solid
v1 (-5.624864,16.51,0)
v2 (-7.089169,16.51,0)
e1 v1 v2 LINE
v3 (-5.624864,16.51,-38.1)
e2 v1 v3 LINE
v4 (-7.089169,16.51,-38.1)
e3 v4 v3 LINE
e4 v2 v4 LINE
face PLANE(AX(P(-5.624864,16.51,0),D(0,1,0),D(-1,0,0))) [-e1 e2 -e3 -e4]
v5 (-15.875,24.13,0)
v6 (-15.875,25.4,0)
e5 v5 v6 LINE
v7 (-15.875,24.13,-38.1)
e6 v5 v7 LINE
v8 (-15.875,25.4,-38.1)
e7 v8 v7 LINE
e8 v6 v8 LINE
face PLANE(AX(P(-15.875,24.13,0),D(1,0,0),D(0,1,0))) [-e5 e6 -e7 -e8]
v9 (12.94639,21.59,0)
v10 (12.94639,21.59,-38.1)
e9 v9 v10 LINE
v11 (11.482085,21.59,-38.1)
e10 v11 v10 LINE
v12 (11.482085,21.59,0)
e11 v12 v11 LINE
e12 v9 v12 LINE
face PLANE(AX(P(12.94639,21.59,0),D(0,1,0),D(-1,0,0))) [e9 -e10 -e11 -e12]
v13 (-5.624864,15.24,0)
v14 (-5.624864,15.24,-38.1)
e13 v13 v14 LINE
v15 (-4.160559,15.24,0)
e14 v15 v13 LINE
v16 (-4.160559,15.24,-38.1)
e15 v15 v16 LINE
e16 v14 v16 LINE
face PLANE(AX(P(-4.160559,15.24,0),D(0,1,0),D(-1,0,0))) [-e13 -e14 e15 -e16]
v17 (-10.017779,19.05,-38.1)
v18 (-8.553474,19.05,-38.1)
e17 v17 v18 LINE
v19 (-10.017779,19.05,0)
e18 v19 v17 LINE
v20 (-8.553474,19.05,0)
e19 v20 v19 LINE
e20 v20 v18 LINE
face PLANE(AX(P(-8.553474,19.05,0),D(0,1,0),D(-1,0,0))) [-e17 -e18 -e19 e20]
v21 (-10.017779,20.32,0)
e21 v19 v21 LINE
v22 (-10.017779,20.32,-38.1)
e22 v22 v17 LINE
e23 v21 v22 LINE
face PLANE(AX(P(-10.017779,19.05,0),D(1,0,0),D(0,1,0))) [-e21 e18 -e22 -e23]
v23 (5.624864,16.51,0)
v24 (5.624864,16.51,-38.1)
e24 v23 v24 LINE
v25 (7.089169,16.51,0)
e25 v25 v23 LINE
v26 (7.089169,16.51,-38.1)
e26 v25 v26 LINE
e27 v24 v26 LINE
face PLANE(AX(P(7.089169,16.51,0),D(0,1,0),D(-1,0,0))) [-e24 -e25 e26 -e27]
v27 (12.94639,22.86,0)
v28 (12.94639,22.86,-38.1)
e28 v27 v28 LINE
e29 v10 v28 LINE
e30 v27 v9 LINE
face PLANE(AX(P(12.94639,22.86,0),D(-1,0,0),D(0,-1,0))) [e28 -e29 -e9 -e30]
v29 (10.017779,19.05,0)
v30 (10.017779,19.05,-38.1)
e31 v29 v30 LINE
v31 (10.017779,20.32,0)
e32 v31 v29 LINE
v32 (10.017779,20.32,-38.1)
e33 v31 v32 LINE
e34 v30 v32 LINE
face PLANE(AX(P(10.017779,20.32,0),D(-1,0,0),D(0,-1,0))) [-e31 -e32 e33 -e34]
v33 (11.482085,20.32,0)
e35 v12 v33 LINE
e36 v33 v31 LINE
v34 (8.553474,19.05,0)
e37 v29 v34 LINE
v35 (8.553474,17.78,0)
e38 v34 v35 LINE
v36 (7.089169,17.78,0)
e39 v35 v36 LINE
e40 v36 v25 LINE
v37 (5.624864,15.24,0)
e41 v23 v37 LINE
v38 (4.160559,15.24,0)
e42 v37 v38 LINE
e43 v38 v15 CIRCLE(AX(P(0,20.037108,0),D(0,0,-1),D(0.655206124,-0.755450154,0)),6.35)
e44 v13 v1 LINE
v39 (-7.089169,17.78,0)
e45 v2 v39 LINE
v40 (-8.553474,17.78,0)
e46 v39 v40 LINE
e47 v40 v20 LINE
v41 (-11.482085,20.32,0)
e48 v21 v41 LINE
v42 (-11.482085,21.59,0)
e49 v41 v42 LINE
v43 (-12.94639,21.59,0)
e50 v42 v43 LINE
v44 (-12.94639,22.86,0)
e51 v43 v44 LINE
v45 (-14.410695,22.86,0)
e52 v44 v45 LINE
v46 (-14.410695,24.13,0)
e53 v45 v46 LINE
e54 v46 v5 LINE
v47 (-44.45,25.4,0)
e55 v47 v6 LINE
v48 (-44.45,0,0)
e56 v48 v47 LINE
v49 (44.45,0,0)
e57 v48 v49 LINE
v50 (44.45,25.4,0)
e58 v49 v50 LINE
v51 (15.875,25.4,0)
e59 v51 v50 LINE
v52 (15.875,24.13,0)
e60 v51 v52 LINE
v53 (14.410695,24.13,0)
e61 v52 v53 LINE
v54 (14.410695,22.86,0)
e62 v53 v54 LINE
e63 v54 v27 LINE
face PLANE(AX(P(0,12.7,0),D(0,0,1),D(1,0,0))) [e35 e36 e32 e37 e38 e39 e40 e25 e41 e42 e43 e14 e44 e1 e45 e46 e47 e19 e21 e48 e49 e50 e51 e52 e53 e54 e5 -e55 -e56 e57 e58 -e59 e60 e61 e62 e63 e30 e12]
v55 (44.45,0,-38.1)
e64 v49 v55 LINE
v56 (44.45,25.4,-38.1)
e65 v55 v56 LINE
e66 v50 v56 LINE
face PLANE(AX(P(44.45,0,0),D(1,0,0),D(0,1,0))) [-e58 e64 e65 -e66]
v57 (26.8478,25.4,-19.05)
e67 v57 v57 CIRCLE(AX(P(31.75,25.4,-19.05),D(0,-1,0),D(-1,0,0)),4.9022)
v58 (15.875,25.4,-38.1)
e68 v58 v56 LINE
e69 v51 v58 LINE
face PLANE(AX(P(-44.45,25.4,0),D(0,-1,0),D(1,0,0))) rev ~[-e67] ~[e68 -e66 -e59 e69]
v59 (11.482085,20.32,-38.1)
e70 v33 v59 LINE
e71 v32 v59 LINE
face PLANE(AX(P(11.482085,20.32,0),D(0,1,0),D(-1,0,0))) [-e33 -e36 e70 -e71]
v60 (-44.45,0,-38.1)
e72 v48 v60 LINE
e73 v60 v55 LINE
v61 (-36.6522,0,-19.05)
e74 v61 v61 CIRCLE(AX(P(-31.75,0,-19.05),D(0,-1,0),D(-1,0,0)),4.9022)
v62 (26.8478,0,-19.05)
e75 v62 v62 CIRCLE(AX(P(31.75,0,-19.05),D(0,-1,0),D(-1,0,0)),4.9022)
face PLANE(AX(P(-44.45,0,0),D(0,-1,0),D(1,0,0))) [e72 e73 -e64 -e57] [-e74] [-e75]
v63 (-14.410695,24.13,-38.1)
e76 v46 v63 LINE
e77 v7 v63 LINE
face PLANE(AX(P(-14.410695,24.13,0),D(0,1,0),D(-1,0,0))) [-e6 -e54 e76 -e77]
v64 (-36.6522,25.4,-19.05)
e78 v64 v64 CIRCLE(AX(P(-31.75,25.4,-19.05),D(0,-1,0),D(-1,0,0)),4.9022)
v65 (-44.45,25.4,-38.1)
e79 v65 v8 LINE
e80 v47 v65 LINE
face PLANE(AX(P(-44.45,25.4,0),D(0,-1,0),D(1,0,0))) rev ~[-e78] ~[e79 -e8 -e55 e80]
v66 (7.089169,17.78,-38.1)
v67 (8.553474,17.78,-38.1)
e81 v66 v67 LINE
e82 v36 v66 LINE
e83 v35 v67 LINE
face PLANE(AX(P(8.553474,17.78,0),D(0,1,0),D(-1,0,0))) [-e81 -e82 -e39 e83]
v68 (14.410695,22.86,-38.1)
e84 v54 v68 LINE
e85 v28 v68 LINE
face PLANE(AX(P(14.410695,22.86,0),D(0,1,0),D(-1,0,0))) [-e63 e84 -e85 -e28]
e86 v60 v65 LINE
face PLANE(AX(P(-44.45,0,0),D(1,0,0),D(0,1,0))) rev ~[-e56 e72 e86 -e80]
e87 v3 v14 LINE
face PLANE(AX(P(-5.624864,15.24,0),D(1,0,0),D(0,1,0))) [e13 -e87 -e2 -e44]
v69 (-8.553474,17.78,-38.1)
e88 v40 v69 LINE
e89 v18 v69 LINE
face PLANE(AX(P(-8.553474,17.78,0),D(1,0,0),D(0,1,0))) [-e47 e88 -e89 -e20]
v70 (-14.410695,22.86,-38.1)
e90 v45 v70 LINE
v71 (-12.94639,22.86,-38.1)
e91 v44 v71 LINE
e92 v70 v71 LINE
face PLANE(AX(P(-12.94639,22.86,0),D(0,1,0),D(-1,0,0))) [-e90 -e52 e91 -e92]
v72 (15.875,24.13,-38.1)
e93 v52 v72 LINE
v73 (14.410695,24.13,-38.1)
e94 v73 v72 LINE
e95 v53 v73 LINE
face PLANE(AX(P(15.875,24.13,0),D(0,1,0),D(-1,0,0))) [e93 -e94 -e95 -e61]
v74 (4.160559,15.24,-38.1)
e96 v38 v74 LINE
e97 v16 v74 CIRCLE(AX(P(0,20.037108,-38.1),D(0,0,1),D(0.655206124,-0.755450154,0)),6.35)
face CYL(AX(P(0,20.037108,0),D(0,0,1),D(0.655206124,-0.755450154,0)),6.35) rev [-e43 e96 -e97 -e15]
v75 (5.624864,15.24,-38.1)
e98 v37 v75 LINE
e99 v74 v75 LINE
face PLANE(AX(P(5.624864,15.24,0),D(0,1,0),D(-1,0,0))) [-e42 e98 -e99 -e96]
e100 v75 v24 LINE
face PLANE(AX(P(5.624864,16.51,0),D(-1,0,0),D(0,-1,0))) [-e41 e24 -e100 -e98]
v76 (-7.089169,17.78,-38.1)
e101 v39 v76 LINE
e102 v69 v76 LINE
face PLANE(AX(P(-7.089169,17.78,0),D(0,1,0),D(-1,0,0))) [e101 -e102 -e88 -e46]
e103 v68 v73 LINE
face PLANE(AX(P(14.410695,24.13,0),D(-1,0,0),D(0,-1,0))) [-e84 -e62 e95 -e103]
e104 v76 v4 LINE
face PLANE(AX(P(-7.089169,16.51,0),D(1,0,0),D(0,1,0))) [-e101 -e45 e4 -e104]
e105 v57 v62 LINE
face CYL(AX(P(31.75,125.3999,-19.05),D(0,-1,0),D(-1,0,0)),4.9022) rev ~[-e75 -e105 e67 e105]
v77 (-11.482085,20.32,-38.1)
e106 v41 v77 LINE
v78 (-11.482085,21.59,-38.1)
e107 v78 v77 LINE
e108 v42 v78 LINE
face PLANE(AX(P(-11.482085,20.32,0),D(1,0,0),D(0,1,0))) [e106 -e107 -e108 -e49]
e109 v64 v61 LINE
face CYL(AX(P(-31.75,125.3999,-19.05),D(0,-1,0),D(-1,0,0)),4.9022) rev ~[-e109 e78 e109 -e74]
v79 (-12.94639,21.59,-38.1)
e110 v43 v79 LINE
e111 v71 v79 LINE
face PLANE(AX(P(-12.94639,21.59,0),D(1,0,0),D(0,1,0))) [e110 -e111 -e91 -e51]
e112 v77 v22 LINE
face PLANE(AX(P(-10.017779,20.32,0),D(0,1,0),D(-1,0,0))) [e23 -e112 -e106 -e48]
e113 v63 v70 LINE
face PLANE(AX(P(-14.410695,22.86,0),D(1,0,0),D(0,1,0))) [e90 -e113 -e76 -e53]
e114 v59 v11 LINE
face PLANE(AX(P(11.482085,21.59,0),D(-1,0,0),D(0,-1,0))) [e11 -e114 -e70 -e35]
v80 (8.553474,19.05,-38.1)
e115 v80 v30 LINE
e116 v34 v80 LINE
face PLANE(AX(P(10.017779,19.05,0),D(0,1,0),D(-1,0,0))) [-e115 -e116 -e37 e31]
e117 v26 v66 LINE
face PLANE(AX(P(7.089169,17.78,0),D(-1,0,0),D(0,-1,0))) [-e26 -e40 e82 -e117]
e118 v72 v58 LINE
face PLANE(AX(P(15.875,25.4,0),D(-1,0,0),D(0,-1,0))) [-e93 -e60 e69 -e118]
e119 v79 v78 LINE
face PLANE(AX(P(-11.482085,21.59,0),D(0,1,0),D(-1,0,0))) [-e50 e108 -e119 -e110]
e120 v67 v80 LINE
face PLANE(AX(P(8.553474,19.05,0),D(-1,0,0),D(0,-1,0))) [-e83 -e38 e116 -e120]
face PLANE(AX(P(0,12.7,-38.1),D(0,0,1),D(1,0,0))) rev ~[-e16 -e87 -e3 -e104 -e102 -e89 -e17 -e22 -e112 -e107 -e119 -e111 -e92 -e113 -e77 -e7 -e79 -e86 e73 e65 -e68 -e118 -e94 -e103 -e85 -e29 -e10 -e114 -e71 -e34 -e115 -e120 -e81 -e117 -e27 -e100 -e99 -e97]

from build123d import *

# Parameters (mm, degrees)
SKETCH1_W               = 88.9
SKETCH1_H               = 25.4
BOSS_EXTRUDE1_DEPTH     = 38.1
CUT_EXTRUDE1_REACH      = 40.1
F_3_8_CLEARANCE_HOLE1_D = 9.8044


with BuildPart() as part:
    # Sketch1 → Boss-Extrude1 (new body)
    with BuildSketch(Plane.XY):
        with Locations((0, 12.7)):
            Rectangle(SKETCH1_W, SKETCH1_H)
    extrude(amount=-BOSS_EXTRUDE1_DEPTH)

    # Sketch2 → Cut-Extrude1 (cut, up to next)
    with BuildSketch(Plane.XY, mode=Mode.PRIVATE) as cut_extrude1_sk1:
        with BuildLine():
            Line((-15.875, 25.4), (0, 25.4))
            Line((0, 25.4), (15.875, 25.4))
            Line((15.875, 25.4), (15.875, 24.13))
            Line((15.875, 24.13), (14.410694861, 24.13))
            Line((14.410694861, 24.13), (14.410694861, 22.86))
            Line((14.410694861, 22.86), (12.946389723, 22.86))
            Line((12.946389723, 22.86), (12.946389723, 21.59))
            Line((12.946389723, 21.59), (11.482084584, 21.59))
            Line((11.482084584, 21.59), (11.482084584, 20.32))
            Line((11.482084584, 20.32), (10.017779445, 20.32))
            Line((10.017779445, 20.32), (10.017779445, 19.05))
            Line((10.017779445, 19.05), (8.553474306, 19.05))
            Line((8.553474306, 19.05), (8.553474306, 17.78))
            Line((8.553474306, 17.78), (7.089169168, 17.78))
            Line((7.089169168, 17.78), (7.089169168, 16.51))
            Line((7.089169168, 16.51), (5.624864029, 16.51))
            Line((5.624864029, 16.51), (5.624864029, 15.24))
            Line((5.624864029, 15.24), (4.16055889, 15.24))
            ThreePointArc((4.16055889, 15.24), (0, 13.687108475), (-4.16055889, 15.24))
            Line((-4.16055889, 15.24), (-5.624864029, 15.24))
            Line((-5.624864029, 15.24), (-5.624864029, 16.51))
            Line((-5.624864029, 16.51), (-7.089169168, 16.51))
            Line((-7.089169168, 16.51), (-7.089169168, 17.78))
            Line((-7.089169168, 17.78), (-8.553474306, 17.78))
            Line((-8.553474306, 17.78), (-8.553474306, 19.05))
            Line((-8.553474306, 19.05), (-10.017779445, 19.05))
            Line((-10.017779445, 19.05), (-10.017779445, 20.32))
            Line((-10.017779445, 20.32), (-11.482084584, 20.32))
            Line((-11.482084584, 20.32), (-11.482084584, 21.59))
            Line((-11.482084584, 21.59), (-12.946389723, 21.59))
            Line((-12.946389723, 21.59), (-12.946389723, 22.86))
            Line((-12.946389723, 22.86), (-14.410694861, 22.86))
            Line((-14.410694861, 22.86), (-14.410694861, 24.13))
            Line((-14.410694861, 24.13), (-15.875, 24.13))
            Line((-15.875, 24.13), (-15.875, 25.4))
        make_face()
    cut_extrude1_tool1 = extrude(cut_extrude1_sk1.sketch, amount=-CUT_EXTRUDE1_REACH, mode=Mode.PRIVATE) & part.part
    add(cut_extrude1_tool1.solids().sort_by_distance((0, 20.970592, 0))[0], mode=Mode.SUBTRACT)

    # 3/8 Clearance Hole1 (through all)
    with Locations(Plane(origin=(0, 25.4, 0), x_dir=(1, 0, 0), z_dir=(0, 1, 0))):
        with Locations((-31.75, 19.05), (31.75, 19.05)):
            Hole(F_3_8_CLEARANCE_HOLE1_D / 2)


solid = part.part
